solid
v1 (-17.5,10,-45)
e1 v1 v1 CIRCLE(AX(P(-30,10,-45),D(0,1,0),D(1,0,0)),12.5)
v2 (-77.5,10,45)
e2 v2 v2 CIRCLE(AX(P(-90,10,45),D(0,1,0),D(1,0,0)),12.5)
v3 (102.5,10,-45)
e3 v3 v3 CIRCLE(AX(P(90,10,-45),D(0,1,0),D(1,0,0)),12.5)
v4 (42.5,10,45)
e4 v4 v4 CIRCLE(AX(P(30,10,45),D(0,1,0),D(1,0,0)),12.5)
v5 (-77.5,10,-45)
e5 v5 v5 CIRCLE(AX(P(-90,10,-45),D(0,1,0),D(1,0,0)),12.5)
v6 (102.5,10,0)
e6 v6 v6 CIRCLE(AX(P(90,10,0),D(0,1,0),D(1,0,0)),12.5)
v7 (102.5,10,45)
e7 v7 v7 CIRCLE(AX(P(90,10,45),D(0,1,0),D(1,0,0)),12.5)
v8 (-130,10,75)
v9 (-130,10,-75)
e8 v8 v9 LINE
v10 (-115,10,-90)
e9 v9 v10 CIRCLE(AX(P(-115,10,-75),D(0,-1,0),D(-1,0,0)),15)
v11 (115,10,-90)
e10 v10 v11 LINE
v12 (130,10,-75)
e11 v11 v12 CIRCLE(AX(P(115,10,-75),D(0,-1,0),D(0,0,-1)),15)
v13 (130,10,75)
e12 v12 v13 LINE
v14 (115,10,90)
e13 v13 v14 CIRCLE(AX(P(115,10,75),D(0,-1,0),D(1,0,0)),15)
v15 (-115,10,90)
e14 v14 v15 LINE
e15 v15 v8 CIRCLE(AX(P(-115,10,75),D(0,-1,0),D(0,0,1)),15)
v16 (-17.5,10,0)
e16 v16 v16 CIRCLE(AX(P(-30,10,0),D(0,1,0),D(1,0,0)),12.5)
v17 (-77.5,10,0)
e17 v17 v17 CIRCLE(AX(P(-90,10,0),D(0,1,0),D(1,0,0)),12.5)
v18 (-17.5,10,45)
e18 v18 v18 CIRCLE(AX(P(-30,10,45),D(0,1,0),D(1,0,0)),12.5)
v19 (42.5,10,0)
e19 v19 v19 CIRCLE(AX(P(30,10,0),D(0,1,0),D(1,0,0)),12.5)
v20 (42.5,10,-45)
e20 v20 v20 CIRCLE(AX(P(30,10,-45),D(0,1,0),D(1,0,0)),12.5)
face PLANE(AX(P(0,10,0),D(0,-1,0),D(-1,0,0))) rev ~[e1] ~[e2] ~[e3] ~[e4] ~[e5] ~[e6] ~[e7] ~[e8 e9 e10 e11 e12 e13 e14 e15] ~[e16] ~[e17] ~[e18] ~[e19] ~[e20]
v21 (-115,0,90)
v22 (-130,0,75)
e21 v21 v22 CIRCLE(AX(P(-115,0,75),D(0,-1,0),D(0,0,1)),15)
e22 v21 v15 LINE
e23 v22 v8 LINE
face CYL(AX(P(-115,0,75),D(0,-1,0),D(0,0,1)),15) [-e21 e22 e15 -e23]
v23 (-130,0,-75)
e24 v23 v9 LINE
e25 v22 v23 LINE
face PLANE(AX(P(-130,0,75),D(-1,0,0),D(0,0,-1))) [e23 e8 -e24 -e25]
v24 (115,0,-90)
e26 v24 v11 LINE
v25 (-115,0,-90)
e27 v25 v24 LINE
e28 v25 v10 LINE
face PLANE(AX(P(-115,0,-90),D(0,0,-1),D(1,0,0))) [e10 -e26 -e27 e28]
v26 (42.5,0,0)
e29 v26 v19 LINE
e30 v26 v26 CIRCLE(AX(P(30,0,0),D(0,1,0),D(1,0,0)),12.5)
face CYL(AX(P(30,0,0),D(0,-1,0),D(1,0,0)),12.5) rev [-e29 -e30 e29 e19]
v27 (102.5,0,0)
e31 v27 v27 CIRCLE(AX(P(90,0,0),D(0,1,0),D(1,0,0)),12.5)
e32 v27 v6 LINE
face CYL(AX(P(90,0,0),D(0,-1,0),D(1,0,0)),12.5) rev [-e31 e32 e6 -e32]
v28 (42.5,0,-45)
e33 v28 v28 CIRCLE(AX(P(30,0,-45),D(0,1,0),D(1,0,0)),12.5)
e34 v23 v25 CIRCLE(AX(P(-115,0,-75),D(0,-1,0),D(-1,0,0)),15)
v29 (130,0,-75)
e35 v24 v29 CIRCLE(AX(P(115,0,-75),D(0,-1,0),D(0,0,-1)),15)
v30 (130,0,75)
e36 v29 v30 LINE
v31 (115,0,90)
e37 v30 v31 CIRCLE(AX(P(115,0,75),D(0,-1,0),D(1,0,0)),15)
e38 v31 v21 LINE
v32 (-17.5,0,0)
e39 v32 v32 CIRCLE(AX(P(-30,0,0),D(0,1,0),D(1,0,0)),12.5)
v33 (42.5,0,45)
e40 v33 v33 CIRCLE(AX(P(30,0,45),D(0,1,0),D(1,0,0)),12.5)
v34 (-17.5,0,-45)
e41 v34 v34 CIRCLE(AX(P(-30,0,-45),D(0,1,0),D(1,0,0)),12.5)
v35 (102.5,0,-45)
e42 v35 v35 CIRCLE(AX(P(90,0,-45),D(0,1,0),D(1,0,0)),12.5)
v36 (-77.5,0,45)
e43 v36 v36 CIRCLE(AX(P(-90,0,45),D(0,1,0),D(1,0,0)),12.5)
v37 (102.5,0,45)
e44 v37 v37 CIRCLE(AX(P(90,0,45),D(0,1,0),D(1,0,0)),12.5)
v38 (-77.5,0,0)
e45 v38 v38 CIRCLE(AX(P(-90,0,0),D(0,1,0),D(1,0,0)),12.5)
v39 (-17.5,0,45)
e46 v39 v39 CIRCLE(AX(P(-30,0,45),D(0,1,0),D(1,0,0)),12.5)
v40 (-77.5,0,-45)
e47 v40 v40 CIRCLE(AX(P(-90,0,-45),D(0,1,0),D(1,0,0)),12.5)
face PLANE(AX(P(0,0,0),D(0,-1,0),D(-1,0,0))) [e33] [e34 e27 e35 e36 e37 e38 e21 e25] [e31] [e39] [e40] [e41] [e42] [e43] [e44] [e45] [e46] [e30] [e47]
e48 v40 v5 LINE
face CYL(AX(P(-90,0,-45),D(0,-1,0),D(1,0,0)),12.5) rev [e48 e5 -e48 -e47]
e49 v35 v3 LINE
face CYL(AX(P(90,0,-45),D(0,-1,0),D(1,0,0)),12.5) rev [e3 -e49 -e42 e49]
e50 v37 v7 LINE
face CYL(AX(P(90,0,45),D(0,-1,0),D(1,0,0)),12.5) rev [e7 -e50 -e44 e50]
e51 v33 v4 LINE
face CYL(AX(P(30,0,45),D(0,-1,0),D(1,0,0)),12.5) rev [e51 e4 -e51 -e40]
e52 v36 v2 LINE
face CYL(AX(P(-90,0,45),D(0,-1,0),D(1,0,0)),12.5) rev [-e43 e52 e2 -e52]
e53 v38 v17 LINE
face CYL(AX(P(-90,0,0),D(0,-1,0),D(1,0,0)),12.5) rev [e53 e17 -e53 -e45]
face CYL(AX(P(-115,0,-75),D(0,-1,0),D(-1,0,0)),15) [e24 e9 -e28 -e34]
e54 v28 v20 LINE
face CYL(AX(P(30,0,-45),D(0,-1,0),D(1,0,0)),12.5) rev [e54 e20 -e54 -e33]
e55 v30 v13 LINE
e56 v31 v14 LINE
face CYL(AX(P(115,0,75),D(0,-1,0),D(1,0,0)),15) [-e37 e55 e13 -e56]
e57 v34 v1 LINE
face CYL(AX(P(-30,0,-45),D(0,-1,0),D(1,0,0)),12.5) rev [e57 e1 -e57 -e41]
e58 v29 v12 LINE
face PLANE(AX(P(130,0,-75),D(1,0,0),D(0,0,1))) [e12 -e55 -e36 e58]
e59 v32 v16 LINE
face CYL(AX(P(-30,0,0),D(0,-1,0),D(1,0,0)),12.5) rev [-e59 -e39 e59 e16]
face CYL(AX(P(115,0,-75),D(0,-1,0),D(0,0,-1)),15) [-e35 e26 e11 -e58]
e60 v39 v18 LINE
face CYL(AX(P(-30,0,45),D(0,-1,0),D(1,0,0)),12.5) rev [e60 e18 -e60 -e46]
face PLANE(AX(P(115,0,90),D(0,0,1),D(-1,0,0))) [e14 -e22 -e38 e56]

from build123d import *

# Parameters (mm, degrees)
SKETCH1_R           = 12.5
BOSS_EXTRUDE1_DEPTH = 10


with BuildPart() as part:
    # Sketch1 → Boss-Extrude1 (new body)
    with BuildSketch(Plane(origin=(0, 0, 0), x_dir=(1, 0, 0), z_dir=(0, 1, 0))):
        with BuildLine():
            Line((-115, 90), (115, 90))
            ThreePointArc((115, 90), (125.606601718, 85.606601718), (130, 75))
            Line((130, 75), (130, -75))
            ThreePointArc((130, -75), (125.606601718, -85.606601718), (115, -90))
            Line((115, -90), (-115, -90))
            ThreePointArc((-115, -90), (-125.606601718, -85.606601718), (-130, -75))
            Line((-130, -75), (-130, 75))
            ThreePointArc((-130, 75), (-125.606601718, 85.606601718), (-115, 90))
        make_face()
        with Locations((-90, -45)):
            Circle(SKETCH1_R, mode=Mode.SUBTRACT)
        with Locations((-30, -45)):
            Circle(SKETCH1_R, mode=Mode.SUBTRACT)
        with Locations((30, -45)):
            Circle(SKETCH1_R, mode=Mode.SUBTRACT)
        with Locations((90, -45)):
            Circle(SKETCH1_R, mode=Mode.SUBTRACT)
        with Locations((-30, 0)):
            Circle(SKETCH1_R, mode=Mode.SUBTRACT)
        with Locations((30, 0)):
            Circle(SKETCH1_R, mode=Mode.SUBTRACT)
        with Locations((90, 0)):
            Circle(SKETCH1_R, mode=Mode.SUBTRACT)
        with Locations((-30, 45)):
            Circle(SKETCH1_R, mode=Mode.SUBTRACT)
        with Locations((30, 45)):
            Circle(SKETCH1_R, mode=Mode.SUBTRACT)
        with Locations((90, 45)):
            Circle(SKETCH1_R, mode=Mode.SUBTRACT)
        with Locations((-90, 0)):
            Circle(SKETCH1_R, mode=Mode.SUBTRACT)
        with Locations((-90, 45)):
            Circle(SKETCH1_R, mode=Mode.SUBTRACT)
    extrude(amount=BOSS_EXTRUDE1_DEPTH)


solid = part.part
